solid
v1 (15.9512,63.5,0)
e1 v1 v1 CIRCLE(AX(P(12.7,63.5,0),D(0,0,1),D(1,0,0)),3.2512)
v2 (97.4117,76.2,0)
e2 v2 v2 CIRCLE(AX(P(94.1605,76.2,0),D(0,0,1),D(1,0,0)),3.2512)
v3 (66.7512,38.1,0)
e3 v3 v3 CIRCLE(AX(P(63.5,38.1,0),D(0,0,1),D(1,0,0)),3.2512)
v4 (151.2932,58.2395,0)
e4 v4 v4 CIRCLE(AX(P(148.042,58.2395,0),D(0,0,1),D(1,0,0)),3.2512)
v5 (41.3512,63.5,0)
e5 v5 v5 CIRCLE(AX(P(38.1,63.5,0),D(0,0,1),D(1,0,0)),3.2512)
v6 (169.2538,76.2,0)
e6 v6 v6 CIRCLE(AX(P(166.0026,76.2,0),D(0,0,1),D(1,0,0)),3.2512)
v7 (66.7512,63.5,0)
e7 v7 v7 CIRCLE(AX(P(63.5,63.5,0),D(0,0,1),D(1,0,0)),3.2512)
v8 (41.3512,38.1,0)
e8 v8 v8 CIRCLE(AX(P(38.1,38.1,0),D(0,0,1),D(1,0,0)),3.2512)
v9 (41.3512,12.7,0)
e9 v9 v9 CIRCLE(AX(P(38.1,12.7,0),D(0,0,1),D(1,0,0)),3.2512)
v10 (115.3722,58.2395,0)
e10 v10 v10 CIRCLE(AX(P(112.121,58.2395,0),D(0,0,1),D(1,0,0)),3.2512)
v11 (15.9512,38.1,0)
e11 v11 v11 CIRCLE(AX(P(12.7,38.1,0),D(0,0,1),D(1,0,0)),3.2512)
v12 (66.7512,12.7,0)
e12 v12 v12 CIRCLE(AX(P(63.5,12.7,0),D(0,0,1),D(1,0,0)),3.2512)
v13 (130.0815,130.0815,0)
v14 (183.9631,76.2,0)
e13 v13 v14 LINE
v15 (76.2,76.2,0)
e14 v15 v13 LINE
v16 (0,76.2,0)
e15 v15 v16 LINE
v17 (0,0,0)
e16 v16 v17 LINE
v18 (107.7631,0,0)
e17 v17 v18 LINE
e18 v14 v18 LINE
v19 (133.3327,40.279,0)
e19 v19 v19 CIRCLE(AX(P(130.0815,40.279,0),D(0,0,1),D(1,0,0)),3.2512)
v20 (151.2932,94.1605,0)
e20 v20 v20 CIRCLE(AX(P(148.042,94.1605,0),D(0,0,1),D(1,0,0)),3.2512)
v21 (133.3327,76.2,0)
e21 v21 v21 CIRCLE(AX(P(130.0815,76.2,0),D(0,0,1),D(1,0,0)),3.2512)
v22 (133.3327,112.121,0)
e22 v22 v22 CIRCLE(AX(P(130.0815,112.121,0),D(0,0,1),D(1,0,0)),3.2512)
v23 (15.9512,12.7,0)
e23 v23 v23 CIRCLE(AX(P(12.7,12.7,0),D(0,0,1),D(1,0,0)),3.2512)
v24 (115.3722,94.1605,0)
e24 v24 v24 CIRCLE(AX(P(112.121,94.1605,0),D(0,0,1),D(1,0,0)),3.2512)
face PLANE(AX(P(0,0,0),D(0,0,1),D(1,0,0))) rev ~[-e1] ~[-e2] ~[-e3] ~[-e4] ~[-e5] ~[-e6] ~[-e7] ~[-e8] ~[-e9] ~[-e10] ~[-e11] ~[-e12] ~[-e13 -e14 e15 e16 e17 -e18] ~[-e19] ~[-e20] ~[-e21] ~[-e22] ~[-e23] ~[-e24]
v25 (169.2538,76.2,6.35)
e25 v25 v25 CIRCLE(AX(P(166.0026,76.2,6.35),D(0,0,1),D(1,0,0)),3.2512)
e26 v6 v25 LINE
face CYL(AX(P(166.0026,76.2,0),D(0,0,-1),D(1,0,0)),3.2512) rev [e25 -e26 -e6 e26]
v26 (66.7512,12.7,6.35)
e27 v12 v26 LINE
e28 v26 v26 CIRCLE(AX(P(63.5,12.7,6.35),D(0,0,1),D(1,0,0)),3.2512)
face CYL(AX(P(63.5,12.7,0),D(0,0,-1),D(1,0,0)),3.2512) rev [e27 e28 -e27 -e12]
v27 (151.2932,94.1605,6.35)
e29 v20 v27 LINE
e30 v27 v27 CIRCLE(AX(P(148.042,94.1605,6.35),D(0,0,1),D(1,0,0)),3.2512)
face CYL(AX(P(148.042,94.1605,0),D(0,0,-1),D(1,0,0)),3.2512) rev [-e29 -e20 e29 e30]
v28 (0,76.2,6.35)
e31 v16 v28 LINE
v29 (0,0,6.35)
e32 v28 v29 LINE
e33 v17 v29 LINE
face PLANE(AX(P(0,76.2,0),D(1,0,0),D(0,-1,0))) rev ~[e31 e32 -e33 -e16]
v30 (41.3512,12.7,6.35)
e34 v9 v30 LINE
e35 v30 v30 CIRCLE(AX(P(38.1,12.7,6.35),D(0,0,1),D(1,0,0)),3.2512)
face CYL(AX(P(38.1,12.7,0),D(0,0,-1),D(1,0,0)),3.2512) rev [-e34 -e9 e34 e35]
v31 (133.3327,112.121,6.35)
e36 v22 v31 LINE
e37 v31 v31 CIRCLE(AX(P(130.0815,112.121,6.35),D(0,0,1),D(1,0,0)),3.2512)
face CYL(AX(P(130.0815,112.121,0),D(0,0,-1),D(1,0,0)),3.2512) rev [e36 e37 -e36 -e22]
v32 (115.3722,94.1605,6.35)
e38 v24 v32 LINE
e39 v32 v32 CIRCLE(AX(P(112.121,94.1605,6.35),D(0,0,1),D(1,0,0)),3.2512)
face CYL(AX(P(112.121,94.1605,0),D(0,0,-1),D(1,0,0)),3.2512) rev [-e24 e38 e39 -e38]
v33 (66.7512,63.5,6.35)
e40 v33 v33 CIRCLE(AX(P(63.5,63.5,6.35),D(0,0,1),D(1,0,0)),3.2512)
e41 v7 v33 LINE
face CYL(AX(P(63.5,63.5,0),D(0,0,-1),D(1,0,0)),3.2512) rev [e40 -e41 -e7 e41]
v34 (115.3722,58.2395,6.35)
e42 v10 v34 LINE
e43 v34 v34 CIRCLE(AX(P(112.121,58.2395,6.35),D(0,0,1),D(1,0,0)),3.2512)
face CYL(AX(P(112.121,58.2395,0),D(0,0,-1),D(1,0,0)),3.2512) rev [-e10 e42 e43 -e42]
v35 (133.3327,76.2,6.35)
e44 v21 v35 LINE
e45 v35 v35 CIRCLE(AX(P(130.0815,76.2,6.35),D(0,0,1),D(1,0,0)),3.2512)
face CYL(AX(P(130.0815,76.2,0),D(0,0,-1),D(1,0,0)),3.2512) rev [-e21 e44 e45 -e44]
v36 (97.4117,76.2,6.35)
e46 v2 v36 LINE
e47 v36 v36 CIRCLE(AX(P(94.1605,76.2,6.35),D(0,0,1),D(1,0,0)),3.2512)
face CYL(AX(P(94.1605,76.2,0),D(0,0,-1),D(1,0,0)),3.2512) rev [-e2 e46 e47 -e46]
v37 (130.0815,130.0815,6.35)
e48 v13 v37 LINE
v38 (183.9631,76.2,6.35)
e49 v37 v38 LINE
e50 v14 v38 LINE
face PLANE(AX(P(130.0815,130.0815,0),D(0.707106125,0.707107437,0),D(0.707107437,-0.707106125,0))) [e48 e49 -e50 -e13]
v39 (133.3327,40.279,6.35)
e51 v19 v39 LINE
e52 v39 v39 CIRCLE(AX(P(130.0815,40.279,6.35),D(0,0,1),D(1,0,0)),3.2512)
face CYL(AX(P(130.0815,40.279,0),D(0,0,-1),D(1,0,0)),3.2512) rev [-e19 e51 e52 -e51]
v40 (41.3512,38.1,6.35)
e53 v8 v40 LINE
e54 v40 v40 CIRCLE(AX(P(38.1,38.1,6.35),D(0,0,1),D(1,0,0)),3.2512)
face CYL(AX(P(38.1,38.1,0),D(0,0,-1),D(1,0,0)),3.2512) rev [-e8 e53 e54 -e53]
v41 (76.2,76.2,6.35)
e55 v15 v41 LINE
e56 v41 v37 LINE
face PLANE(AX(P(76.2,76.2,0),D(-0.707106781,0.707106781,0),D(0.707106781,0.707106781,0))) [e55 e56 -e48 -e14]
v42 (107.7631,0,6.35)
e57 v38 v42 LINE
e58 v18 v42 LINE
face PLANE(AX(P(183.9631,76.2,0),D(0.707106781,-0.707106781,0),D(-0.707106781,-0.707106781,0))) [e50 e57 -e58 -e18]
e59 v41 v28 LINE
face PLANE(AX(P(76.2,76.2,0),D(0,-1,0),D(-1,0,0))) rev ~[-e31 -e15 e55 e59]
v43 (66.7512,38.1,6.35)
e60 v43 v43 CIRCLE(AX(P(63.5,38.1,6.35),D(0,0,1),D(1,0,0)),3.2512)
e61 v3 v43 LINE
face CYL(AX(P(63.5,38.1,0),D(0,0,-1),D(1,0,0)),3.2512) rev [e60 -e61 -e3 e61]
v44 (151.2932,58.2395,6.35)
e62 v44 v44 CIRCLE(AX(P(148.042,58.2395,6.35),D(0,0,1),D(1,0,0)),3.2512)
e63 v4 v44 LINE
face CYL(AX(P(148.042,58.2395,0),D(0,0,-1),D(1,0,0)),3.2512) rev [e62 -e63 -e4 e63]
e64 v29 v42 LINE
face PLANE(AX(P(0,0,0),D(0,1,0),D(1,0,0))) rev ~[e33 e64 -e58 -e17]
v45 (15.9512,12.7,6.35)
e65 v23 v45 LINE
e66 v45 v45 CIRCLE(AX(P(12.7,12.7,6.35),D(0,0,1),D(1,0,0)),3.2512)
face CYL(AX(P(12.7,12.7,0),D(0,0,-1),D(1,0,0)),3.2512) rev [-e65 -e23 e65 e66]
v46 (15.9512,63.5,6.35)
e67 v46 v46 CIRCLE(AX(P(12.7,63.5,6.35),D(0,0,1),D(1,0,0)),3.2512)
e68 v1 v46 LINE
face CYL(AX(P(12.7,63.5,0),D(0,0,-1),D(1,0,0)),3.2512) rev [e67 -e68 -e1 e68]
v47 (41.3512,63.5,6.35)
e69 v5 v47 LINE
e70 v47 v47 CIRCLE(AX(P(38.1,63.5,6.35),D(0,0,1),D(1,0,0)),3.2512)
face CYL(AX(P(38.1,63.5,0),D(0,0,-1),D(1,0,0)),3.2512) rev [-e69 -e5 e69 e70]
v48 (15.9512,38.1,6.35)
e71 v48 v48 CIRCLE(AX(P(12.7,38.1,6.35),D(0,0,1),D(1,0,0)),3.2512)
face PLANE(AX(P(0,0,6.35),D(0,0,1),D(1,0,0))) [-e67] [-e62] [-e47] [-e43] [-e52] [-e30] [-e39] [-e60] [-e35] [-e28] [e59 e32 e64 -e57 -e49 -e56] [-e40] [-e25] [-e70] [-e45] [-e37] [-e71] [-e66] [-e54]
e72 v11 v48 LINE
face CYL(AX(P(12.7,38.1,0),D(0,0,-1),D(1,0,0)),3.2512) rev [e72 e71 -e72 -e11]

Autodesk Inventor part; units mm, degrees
ref_plane "YZ Plane" through (0, 0, 0) normal (1, 0, 0) x (0, 1, 0)
ref_plane "XZ Plane" through (0, 0, 0) normal (0, 1, 0) x (-1, 0, 0)
ref_plane "XY Plane" through (0, 0, 0) normal (0, 0, 1) x (1, 0, 0)
sketch "Sketch1" plane through (0, 0, 0) normal (0, 0, 1) x (1, 0, 0)
  line L0 (76.2, 76.2) -> (0, 76.2)
  line L1 (0, 76.2) -> (0, 0)
  line L2 (76.2, 76.2) -> (130.0815, 130.0815)
  line L3 (130.0815, 130.0815) -> (183.9631, 76.2)
  line L4 (0, 0) -> (107.7631, 0)
  line L5 (183.9631, 76.2) -> (107.7631, 0)
  circle A0 centre (12.7, 12.7) radius 3.2512
  circle A1 centre (12.7, 38.1) radius 3.2512
  circle A2 centre (12.7, 63.5) radius 3.2512
  circle A3 centre (38.1, 12.7) radius 3.2512
  circle A4 centre (38.1, 38.1) radius 3.2512
  circle A5 centre (38.1, 63.5) radius 3.2512
  circle A6 centre (63.5, 12.7) radius 3.2512
  circle A7 centre (63.5, 38.1) radius 3.2512
  circle A8 centre (63.5, 63.5) radius 3.2512
  circle A9 centre (166.0026, 76.2) radius 3.2512
  circle A10 centre (148.042, 94.1605) radius 3.2512
  circle A11 centre (130.0815, 112.121) radius 3.2512
  circle A12 centre (148.042, 58.2395) radius 3.2512
  circle A13 centre (130.0815, 76.2) radius 3.2512
  circle A14 centre (112.121, 94.1605) radius 3.2512
  circle A15 centre (130.0815, 40.279) radius 3.2512
  circle A16 centre (112.121, 58.2395) radius 3.2512
  circle A17 centre (94.1605, 76.2) radius 3.2512
  dimension "d5" = 76.2
  dimension "d7" = 76.2
  dimension "d8" = 135
  dimension "d11" = 76.2
  dimension "d12" = 76.2
  dimension "d13" = 76.2
  dimension "d14" = 6.5024
  dimension "d15" = 12.7
  dimension "d16" = 12.7
  dimension "d19" = 25.4
  dimension "d22" = 25.4
  dimension "d25" = 6.5024
  dimension "d26" = 12.7
  dimension "d27" = 12.7
  dimension "d30" = 25.4
  dimension "d33" = 25.4
extrude "Extrusion1" add sketch "Sketch1" along normal blind 6.35
properties part number "3x3 V plate"
